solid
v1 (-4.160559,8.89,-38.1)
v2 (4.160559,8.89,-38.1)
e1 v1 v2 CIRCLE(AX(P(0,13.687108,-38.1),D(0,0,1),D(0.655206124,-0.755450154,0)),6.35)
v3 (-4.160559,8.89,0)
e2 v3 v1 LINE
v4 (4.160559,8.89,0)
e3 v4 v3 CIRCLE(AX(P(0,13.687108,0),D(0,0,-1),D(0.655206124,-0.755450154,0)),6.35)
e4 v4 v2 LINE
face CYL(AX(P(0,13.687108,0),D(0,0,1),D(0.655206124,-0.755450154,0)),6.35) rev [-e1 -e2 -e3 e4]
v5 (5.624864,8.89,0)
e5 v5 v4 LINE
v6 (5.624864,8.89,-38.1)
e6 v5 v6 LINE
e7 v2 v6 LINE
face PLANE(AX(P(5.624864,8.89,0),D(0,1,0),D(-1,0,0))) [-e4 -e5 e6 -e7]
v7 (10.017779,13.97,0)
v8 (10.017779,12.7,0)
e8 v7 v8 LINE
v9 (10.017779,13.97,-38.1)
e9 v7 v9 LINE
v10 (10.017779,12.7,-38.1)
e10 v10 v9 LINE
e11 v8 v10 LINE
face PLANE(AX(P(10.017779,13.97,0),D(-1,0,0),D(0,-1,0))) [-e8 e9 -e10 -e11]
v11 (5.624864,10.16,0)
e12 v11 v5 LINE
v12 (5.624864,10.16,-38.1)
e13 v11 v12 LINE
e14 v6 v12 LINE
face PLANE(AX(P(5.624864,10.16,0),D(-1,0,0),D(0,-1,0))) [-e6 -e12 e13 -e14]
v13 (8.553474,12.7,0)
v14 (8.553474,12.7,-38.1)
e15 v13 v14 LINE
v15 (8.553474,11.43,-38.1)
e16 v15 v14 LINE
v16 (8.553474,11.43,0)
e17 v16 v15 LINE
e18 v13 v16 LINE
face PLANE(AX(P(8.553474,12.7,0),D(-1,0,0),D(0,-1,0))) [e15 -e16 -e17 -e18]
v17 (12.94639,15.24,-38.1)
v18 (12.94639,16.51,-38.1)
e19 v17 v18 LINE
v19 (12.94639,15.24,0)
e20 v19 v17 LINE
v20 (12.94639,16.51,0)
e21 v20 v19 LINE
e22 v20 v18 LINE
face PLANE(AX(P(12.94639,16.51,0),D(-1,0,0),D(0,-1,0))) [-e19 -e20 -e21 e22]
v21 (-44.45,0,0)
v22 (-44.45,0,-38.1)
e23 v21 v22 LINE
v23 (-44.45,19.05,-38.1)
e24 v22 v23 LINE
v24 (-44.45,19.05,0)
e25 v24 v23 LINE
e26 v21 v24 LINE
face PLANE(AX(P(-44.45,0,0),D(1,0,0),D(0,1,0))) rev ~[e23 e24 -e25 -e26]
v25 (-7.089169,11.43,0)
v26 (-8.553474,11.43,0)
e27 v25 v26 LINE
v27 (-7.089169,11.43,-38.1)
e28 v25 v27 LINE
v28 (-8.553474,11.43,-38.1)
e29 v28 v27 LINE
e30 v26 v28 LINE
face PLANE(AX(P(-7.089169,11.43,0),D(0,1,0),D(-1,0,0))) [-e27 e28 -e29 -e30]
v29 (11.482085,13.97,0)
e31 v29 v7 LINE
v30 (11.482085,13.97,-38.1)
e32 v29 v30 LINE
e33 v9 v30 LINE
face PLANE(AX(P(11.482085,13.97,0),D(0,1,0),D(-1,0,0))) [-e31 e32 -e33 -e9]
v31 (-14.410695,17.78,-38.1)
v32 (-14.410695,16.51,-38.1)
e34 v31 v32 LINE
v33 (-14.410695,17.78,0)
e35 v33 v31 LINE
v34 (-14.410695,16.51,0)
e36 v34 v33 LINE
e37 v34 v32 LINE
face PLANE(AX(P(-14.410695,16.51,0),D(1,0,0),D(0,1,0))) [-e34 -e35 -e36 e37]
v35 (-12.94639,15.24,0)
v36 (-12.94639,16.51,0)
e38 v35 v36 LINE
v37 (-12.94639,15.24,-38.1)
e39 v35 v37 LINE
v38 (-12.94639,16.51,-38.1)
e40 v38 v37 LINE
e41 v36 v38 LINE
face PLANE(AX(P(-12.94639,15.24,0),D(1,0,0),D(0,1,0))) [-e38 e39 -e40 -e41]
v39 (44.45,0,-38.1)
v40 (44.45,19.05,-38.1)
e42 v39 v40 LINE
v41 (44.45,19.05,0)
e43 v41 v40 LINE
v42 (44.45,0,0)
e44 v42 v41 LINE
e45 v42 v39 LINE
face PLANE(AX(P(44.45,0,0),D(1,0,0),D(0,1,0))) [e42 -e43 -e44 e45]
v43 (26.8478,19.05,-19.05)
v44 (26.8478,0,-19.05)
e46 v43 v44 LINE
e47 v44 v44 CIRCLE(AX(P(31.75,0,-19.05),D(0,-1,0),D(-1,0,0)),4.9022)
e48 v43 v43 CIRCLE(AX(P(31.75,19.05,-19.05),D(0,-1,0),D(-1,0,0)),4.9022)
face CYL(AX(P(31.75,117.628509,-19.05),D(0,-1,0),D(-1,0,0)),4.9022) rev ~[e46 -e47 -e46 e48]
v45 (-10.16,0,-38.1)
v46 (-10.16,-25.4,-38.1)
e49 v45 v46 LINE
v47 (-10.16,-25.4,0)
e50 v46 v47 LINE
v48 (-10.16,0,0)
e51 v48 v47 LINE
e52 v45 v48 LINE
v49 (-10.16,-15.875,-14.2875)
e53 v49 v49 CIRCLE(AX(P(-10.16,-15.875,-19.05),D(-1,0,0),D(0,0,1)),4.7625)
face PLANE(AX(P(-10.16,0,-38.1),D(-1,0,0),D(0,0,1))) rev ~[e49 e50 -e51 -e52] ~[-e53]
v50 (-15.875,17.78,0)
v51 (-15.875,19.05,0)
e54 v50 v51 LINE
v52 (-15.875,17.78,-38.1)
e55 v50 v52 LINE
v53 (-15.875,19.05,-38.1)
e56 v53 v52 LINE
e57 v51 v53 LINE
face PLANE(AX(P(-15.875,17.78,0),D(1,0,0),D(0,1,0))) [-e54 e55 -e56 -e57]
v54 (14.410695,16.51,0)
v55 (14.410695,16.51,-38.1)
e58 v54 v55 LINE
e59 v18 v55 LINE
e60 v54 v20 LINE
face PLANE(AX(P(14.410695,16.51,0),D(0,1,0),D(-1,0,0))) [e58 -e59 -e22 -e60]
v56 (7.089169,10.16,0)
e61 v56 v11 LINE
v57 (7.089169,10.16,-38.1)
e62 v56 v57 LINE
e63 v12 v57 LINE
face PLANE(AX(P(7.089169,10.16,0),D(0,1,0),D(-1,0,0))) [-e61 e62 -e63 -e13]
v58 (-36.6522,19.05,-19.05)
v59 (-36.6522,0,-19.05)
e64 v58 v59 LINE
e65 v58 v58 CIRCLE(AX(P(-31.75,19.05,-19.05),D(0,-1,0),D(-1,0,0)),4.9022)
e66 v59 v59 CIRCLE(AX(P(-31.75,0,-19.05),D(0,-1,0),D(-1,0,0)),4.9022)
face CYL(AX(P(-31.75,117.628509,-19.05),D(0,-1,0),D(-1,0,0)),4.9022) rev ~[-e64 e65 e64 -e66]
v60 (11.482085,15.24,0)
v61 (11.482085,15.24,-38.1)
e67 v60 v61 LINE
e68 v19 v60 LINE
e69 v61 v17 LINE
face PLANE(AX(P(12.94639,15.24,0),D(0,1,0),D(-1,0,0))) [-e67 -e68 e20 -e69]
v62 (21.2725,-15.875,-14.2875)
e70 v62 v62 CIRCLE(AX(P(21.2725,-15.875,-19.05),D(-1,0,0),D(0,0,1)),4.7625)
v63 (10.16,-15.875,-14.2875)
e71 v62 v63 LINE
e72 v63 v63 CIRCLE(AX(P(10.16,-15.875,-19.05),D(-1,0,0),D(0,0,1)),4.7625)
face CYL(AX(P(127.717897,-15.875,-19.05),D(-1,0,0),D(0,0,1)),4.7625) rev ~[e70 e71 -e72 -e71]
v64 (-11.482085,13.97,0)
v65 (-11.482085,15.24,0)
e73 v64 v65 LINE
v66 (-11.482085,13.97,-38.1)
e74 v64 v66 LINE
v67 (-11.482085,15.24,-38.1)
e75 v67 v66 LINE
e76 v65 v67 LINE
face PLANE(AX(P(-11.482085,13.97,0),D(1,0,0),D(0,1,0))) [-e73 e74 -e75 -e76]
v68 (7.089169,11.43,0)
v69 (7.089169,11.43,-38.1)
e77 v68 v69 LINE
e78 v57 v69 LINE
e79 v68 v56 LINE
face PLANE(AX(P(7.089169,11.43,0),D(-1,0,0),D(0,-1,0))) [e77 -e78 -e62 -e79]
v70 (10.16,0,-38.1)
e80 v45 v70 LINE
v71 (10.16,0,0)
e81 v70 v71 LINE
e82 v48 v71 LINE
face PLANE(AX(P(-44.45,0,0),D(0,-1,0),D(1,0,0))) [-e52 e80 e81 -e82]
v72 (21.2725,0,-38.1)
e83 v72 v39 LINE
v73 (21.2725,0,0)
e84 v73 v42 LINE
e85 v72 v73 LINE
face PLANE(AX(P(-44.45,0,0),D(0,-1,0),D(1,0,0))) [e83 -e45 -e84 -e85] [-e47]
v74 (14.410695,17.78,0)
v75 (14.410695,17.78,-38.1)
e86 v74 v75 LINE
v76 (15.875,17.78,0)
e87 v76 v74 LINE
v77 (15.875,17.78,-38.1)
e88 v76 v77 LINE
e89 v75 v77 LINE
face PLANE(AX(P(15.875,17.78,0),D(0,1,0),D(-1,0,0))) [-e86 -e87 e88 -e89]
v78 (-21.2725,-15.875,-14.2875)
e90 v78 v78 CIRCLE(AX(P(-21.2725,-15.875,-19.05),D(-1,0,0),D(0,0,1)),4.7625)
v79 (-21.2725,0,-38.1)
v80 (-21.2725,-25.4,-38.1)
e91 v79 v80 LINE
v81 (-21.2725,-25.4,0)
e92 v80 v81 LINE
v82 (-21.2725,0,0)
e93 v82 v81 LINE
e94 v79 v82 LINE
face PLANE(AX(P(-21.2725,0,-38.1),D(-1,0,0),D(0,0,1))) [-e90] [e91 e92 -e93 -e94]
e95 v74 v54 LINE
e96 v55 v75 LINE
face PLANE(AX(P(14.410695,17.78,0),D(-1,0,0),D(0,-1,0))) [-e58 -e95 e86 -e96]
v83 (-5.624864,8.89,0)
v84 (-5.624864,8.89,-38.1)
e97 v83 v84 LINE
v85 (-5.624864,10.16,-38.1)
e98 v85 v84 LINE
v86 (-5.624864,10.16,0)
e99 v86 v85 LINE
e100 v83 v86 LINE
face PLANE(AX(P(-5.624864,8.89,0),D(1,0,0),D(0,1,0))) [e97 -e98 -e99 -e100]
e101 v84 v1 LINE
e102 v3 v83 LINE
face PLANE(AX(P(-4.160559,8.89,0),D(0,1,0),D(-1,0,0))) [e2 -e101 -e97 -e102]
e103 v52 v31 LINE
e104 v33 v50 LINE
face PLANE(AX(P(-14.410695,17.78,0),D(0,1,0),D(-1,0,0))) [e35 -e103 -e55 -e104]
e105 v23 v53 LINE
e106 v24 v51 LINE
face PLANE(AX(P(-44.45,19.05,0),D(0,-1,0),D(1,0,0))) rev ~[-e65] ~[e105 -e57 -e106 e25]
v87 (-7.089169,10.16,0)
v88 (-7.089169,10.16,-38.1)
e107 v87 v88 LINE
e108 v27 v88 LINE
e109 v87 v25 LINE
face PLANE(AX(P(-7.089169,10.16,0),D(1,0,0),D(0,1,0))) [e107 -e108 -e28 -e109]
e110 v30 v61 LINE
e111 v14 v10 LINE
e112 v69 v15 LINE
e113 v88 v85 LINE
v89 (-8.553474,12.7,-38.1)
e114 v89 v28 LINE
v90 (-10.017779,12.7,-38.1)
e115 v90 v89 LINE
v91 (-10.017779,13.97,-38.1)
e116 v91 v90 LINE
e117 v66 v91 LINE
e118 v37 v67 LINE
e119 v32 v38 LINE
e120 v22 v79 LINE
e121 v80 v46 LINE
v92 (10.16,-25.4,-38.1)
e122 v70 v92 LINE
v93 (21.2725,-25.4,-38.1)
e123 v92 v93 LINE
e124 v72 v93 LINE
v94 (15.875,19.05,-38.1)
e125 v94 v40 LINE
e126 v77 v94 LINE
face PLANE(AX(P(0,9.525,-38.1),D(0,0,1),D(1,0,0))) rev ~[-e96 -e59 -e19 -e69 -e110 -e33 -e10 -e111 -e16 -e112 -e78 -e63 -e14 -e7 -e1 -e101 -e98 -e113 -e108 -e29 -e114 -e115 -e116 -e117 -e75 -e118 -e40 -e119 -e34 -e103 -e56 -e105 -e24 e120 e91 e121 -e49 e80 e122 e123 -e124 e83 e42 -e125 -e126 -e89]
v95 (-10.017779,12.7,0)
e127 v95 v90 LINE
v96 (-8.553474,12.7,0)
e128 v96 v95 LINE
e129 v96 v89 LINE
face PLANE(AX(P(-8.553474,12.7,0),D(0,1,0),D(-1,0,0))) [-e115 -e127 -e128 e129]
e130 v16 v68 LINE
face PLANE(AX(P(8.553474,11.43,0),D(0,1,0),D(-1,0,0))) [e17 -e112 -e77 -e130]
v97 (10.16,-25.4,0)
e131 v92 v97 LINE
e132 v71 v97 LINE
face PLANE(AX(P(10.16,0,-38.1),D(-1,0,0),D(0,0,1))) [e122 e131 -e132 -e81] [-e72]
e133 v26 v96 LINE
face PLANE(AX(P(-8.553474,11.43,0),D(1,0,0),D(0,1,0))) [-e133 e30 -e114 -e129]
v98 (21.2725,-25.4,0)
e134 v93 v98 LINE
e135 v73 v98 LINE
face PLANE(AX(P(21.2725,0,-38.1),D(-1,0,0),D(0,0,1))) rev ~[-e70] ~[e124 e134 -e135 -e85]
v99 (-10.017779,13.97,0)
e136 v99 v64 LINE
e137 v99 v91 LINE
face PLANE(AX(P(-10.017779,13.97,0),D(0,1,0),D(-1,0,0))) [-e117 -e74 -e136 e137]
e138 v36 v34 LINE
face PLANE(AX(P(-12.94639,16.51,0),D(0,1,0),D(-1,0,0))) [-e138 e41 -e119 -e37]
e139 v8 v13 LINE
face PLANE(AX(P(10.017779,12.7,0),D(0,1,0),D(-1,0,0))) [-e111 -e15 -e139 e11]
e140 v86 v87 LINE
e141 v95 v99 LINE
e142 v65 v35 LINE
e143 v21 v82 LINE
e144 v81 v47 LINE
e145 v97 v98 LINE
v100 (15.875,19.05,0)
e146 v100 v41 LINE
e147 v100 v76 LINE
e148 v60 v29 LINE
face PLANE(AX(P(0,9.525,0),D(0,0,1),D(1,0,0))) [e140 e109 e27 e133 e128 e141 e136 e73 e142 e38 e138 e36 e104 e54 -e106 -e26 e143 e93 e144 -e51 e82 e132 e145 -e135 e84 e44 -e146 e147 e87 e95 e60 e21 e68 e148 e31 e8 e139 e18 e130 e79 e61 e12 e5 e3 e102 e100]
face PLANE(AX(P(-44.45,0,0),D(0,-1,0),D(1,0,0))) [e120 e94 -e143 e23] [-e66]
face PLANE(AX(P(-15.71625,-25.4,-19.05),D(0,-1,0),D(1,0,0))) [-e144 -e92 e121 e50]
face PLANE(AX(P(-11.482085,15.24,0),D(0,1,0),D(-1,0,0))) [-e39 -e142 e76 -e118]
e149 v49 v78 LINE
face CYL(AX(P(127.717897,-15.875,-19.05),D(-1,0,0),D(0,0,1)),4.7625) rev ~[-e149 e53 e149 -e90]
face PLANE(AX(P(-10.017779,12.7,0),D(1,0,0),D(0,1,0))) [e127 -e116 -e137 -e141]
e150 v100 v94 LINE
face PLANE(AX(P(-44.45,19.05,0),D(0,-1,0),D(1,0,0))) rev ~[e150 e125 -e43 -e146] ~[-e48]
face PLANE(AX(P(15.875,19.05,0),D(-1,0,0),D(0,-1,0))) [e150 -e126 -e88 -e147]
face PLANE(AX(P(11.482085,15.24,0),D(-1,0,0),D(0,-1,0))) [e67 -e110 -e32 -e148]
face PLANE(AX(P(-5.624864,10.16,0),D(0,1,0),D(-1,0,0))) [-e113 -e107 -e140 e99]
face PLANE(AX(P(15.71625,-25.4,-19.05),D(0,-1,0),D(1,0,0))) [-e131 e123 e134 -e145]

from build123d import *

# Parameters (mm, degrees)
SKETCH1_W                    = 88.9
SKETCH1_H                    = 19.05
BOSS_EXTRUDE1_DEPTH          = 38.1
CUT_EXTRUDE1_REACH           = 40.1
F_3_8_CLEARANCE_HOLE1_D      = 9.8044
SKETCH7_W                    = 11.1125
SKETCH7_H                    = 38.1
BOSS_EXTRUDE2_DEPTH          = 25.4
F_3_8_0_375_DIAMETER_HOLE1_D = 9.525


with BuildPart() as part:
    # Sketch1 → Boss-Extrude1 (new body)
    with BuildSketch(Plane.XY):
        with Locations((0, 9.525)):
            Rectangle(SKETCH1_W, SKETCH1_H)
    extrude(amount=-BOSS_EXTRUDE1_DEPTH)

    # Sketch2 → Cut-Extrude1 (cut, up to next)
    with BuildSketch(Plane.XY, mode=Mode.PRIVATE) as cut_extrude1_sk1:
        with BuildLine():
            Line((-15.875, 19.05), (0, 19.05))
            Line((0, 19.05), (15.875, 19.05))
            Line((15.875, 19.05), (15.875, 17.78))
            Line((15.875, 17.78), (14.410694861, 17.78))
            Line((14.410694861, 17.78), (14.410694861, 16.51))
            Line((14.410694861, 16.51), (12.946389723, 16.51))
            Line((12.946389723, 16.51), (12.946389723, 15.24))
            Line((12.946389723, 15.24), (11.482084584, 15.24))
            Line((11.482084584, 15.24), (11.482084584, 13.97))
            Line((11.482084584, 13.97), (10.017779445, 13.97))
            Line((10.017779445, 13.97), (10.017779445, 12.7))
            Line((10.017779445, 12.7), (8.553474306, 12.7))
            Line((8.553474306, 12.7), (8.553474306, 11.43))
            Line((8.553474306, 11.43), (7.089169168, 11.43))
            Line((7.089169168, 11.43), (7.089169168, 10.16))
            Line((7.089169168, 10.16), (5.624864029, 10.16))
            Line((5.624864029, 10.16), (5.624864029, 8.89))
            Line((5.624864029, 8.89), (4.16055889, 8.89))
            ThreePointArc((4.16055889, 8.89), (0, 7.337108475), (-4.16055889, 8.89))
            Line((-4.16055889, 8.89), (-5.624864029, 8.89))
            Line((-5.624864029, 8.89), (-5.624864029, 10.16))
            Line((-5.624864029, 10.16), (-7.089169168, 10.16))
            Line((-7.089169168, 10.16), (-7.089169168, 11.43))
            Line((-7.089169168, 11.43), (-8.553474306, 11.43))
            Line((-8.553474306, 11.43), (-8.553474306, 12.7))
            Line((-8.553474306, 12.7), (-10.017779445, 12.7))
            Line((-10.017779445, 12.7), (-10.017779445, 13.97))
            Line((-10.017779445, 13.97), (-11.482084584, 13.97))
            Line((-11.482084584, 13.97), (-11.482084584, 15.24))
            Line((-11.482084584, 15.24), (-12.946389723, 15.24))
            Line((-12.946389723, 15.24), (-12.946389723, 16.51))
            Line((-12.946389723, 16.51), (-14.410694861, 16.51))
            Line((-14.410694861, 16.51), (-14.410694861, 17.78))
            Line((-14.410694861, 17.78), (-15.875, 17.78))
            Line((-15.875, 17.78), (-15.875, 19.05))
        make_face()
    cut_extrude1_tool1 = extrude(cut_extrude1_sk1.sketch, amount=-CUT_EXTRUDE1_REACH, mode=Mode.PRIVATE) & part.part
    add(cut_extrude1_tool1.solids().sort_by_distance((0, 14.620592, 0))[0], mode=Mode.SUBTRACT)

    # 3/8 Clearance Hole1 (through all)
    with Locations(Plane(origin=(0, 19.05, 0), x_dir=(1, 0, 0), z_dir=(0, 1, 0))):
        with Locations((-31.75, 19.05), (31.75, 19.05)):
            Hole(F_3_8_CLEARANCE_HOLE1_D / 2)

    # Sketch7 → Boss-Extrude2 (add)
    with BuildSketch(Plane.XZ):
        with Locations((-15.71625, -19.05)):
            Rectangle(SKETCH7_W, SKETCH7_H)
        with Locations((15.71625, -19.05)):
            Rectangle(SKETCH7_W, SKETCH7_H)
    extrude(amount=BOSS_EXTRUDE2_DEPTH)

    # 3/8 (0.375) Diameter Hole1 (through all)
    with Locations(Plane(origin=(21.2725, 0, 0), x_dir=(0, 0, -1), z_dir=(1, 0, 0))):
        with Locations((19.05, -15.875)):
            Hole(F_3_8_0_375_DIAMETER_HOLE1_D / 2)


solid = part.part
